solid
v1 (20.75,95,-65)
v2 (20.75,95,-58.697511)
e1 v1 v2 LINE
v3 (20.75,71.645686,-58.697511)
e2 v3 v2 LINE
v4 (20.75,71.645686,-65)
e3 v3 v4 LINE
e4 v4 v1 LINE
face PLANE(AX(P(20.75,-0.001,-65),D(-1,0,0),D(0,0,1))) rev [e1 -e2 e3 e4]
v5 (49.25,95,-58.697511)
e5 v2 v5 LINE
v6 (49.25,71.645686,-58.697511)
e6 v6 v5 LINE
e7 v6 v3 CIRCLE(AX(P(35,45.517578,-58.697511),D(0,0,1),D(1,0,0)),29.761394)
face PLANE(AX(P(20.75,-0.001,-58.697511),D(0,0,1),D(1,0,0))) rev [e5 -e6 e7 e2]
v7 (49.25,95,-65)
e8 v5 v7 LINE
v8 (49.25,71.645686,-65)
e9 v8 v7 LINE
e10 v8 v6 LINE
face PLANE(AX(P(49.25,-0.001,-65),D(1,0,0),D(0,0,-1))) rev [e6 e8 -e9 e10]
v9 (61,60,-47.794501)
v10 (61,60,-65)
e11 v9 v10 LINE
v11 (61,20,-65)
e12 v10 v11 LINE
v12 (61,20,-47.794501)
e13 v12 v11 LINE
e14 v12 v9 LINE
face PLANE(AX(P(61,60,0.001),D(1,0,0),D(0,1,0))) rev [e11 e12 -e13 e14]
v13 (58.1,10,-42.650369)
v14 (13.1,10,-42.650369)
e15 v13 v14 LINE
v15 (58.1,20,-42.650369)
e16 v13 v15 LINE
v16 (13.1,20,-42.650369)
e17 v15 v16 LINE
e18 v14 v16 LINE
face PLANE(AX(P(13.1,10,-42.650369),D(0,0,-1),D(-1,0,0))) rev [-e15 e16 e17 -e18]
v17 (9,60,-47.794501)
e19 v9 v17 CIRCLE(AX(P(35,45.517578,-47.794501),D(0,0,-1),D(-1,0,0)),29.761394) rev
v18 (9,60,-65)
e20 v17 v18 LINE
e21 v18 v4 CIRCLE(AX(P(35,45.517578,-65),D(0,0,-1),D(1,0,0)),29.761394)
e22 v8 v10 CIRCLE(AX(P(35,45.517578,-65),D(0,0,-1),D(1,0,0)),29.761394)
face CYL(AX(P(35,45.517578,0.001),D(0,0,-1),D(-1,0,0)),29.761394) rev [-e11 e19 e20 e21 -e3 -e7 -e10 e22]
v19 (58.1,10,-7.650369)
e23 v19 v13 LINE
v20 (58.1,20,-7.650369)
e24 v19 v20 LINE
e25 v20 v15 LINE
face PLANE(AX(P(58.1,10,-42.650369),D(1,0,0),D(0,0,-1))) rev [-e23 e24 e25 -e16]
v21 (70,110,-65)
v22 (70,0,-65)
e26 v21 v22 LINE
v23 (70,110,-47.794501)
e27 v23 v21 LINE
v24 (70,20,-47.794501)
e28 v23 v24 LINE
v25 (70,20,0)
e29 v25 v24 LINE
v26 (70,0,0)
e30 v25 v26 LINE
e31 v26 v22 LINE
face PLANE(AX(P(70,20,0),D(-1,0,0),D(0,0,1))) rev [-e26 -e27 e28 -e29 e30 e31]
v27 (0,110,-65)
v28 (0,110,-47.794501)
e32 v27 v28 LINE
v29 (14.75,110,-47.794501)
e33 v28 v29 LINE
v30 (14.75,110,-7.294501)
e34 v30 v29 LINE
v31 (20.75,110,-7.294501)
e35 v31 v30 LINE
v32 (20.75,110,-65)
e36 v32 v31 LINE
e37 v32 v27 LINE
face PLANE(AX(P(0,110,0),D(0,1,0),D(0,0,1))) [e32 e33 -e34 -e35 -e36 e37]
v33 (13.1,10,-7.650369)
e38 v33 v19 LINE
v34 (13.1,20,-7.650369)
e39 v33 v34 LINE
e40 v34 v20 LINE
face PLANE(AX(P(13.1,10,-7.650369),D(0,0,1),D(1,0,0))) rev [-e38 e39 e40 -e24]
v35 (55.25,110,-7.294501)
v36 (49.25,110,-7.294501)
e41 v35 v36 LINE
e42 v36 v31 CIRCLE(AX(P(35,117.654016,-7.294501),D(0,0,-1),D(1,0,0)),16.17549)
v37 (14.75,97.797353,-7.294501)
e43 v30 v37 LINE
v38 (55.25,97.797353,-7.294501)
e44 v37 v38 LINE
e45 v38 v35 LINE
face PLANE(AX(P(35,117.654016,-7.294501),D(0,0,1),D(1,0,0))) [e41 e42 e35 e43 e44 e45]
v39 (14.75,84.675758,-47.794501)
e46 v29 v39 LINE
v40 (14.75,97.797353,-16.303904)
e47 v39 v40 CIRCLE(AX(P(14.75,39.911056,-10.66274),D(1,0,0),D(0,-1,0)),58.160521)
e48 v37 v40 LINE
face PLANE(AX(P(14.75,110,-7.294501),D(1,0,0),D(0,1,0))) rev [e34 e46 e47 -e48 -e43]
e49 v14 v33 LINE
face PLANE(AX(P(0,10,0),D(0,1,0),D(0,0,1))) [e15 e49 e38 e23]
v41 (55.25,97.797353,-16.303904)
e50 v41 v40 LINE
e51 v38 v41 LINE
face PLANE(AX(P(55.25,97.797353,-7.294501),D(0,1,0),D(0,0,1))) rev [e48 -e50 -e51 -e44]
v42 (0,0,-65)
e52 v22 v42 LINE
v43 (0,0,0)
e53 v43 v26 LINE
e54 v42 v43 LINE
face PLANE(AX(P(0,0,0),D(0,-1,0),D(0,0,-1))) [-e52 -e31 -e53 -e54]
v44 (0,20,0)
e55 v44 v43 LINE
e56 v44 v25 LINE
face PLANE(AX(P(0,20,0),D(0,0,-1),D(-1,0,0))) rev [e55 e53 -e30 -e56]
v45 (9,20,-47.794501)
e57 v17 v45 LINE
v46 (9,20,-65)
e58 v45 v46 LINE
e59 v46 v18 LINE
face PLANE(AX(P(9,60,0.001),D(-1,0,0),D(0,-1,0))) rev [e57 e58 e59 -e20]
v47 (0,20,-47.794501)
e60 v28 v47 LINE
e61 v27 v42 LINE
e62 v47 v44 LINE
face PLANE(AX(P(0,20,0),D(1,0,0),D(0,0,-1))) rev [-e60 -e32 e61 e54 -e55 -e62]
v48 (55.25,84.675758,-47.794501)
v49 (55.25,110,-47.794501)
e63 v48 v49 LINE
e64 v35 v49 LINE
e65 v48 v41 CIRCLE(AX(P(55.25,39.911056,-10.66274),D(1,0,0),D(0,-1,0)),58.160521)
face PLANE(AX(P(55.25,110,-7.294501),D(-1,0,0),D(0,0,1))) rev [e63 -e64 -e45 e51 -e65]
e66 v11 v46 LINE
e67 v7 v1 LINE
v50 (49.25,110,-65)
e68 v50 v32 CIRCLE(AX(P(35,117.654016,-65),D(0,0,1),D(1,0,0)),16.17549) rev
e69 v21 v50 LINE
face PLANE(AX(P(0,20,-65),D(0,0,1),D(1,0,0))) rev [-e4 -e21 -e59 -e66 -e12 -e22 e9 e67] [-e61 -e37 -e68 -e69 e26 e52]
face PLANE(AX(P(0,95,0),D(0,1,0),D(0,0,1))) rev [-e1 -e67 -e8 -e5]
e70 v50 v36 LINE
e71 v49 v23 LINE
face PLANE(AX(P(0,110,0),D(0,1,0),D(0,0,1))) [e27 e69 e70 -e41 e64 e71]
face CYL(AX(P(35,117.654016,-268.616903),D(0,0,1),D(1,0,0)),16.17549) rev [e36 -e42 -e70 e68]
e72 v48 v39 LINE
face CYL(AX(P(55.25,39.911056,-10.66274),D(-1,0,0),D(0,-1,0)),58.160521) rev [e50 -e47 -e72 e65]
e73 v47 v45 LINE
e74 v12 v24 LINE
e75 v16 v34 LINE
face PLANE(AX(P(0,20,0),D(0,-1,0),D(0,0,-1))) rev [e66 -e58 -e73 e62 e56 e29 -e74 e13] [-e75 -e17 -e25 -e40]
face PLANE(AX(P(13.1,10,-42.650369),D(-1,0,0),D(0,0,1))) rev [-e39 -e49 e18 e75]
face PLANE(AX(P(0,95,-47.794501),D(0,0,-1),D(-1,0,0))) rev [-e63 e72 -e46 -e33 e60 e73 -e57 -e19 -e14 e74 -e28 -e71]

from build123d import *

# Parameters (mm, degrees)
SKETCH1_W               = 70
SKETCH1_H               = 65
BOSS_EXTRUDE1_DEPTH     = 20
SKETCH2_W               = 45
SKETCH2_H               = 35
CUT_EXTRUDE1_DEPTH      = 10
SKETCH3_W               = 70
SKETCH3_H               = 17.205499322
BOSS_EXTRUDE2_DEPTH     = 75
CUT_EXTRUDE2_REACH      = 136.722
CUT_EXTRUDE3_REACH      = 136.722
CUT_EXTRUDE3_END_RADIUS = 29.761393769
SKETCH7_W               = 28.5
SKETCH7_H               = 6.302488938
SKETCH8_W               = 70
SKETCH8_H               = 17.205499322
BOSS_EXTRUDE3_DEPTH     = 15
CUT_EXTRUDE4_DEPTH      = 146.688022843
CUT_EXTRUDE4_DEPTH_BACK = 146.688022843
BOSS_EXTRUDE8_START     = 40.5
BOSS_EXTRUDE8_DEPTH     = 40.5
BOSS_EXTRUDE10_DEPTH    = 40.5


with BuildPart() as part:
    # Sketch1 → Boss-Extrude1 (new body)
    with BuildSketch(Plane(origin=(0, 0, 0), x_dir=(1, 0, 0), z_dir=(0, 1, 0))):
        with Locations((35, 32.5)):
            Rectangle(SKETCH1_W, SKETCH1_H)
    extrude(amount=BOSS_EXTRUDE1_DEPTH)

    # Sketch2 → Cut-Extrude1 (cut)
    with BuildSketch(Plane(origin=(0, 20, 0), x_dir=(1, 0, 0), z_dir=(0, 1, 0))):
        with Locations((35.6, 25.150369075)):
            Rectangle(SKETCH2_W, SKETCH2_H)
    extrude(amount=-CUT_EXTRUDE1_DEPTH, mode=Mode.SUBTRACT)

    # Sketch3 → Boss-Extrude2 (add)
    with BuildSketch(Plane(origin=(0, 20, 0), x_dir=(1, 0, 0), z_dir=(0, 1, 0))):
        with Locations((35, 56.397250339)):
            Rectangle(SKETCH3_W, SKETCH3_H)
    extrude(amount=BOSS_EXTRUDE2_DEPTH)

    # Sketch6 → Cut-Extrude2 (cut, up to next)
    with BuildSketch(Plane(origin=(0, 0, -65), x_dir=(-1, 0, 0), z_dir=(0, 0, -1)), mode=Mode.PRIVATE) as cut_extrude2_sk1:
        with BuildLine():
            Line((-61, 60), (-61, 20))
            Line((-61, 20), (-9, 20))
            Line((-9, 20), (-9, 60))
            ThreePointArc((-9, 60), (-35, 75.278971352), (-61, 60))
        make_face()
    cut_extrude2_tool1 = extrude(cut_extrude2_sk1.sketch, amount=-CUT_EXTRUDE2_REACH, mode=Mode.PRIVATE) & part.part
    add(cut_extrude2_tool1.solids().sort_by_distance((35, 45.608619, -65))[0], mode=Mode.SUBTRACT)

    # Cut-Extrude3: up to this cylinder (the profile starts outside it)
    cut_extrude3_end = Plane(origin=(35, 45.517577583, -61.848756), z_dir=(0, 0, -1)) * Cylinder(CUT_EXTRUDE3_END_RADIUS, 333.966787538, mode=Mode.PRIVATE)
    # Sketch7 → Cut-Extrude3 (cut, up to the surface)
    with BuildSketch(Plane(origin=(0, 95, 0), x_dir=(1, 0, 0), z_dir=(0, 1, 0)), mode=Mode.PRIVATE) as cut_extrude3_sk1:
        with Locations((35, 61.848755531)):
            Rectangle(SKETCH7_W, SKETCH7_H)
    cut_extrude3_tool1 = extrude(cut_extrude3_sk1.sketch, amount=-CUT_EXTRUDE3_REACH, mode=Mode.PRIVATE) - cut_extrude3_end
    add(cut_extrude3_tool1.solids().sort_by_distance((35, 95, -61.848756))[0], mode=Mode.SUBTRACT)

    # Sketch8 → Boss-Extrude3 (add)
    with BuildSketch(Plane(origin=(0, 95, 0), x_dir=(1, 0, 0), z_dir=(0, 1, 0))):
        with Locations((35, 56.397250339)):
            Rectangle(SKETCH8_W, SKETCH8_H)
    extrude(amount=BOSS_EXTRUDE3_DEPTH)

    # Sketch9 → Cut-Extrude4 (cut, two sides: drawn at the far end of the back side and taken through both)
    with BuildSketch(Plane(origin=(0, 0, -65), x_dir=(-1, 0, 0), z_dir=(0, 0, -1)).offset(-CUT_EXTRUDE4_DEPTH_BACK)):
        with BuildLine():
            Line((-168.040562266, 331.160425887), (-49.25, 110))
            ThreePointArc((-49.25, 110), (-35, 101.478526665), (-20.75, 110))
            Line((-20.75, 110), (98.040562266, 331.160425887))
            Line((98.040562266, 331.160425887), (98.040562266, 833.248592098))
            Line((98.040562266, 833.248592098), (-168.040562266, 833.248592098))
            Line((-168.040562266, 833.248592098), (-168.040562266, 331.160425887))
        make_face()
    extrude(amount=CUT_EXTRUDE4_DEPTH + CUT_EXTRUDE4_DEPTH_BACK, mode=Mode.SUBTRACT)

    # Sketch10 → Boss-Extrude8 (add)
    with BuildSketch(Plane.XY.offset(-47.794500678).offset(BOSS_EXTRUDE8_START)):
        with BuildLine():
            Line((49.25, 110), (55.25, 110))
            Line((55.25, 110), (55.25, 97.797353367))
            Line((55.25, 97.797353367), (20.533128671, 97.797353367))
            Line((20.533128671, 97.797353367), (14.75, 97.797353367))
            Line((14.75, 97.797353367), (14.75, 110))
            Line((14.75, 110), (20.75, 110))
            ThreePointArc((20.75, 110), (35, 101.478526665), (49.25, 110))
        make_face()
    extrude(amount=-BOSS_EXTRUDE8_DEPTH)

    # Sketch12 → Boss-Extrude10 (add)
    with BuildSketch(Plane.ZY.offset(-14.75)):
        with BuildLine():
            Line((-16.303904233, 97.797353367), (-47.794500678, 97.797353367))
            Line((-47.794500678, 97.797353367), (-47.794500678, 84.67575775))
            ThreePointArc((-47.794500678, 84.67575775), (-33.03291757, 93.597379394), (-16.303904233, 97.797353367))
        make_face()
    extrude(amount=-BOSS_EXTRUDE10_DEPTH)


solid = part.part
